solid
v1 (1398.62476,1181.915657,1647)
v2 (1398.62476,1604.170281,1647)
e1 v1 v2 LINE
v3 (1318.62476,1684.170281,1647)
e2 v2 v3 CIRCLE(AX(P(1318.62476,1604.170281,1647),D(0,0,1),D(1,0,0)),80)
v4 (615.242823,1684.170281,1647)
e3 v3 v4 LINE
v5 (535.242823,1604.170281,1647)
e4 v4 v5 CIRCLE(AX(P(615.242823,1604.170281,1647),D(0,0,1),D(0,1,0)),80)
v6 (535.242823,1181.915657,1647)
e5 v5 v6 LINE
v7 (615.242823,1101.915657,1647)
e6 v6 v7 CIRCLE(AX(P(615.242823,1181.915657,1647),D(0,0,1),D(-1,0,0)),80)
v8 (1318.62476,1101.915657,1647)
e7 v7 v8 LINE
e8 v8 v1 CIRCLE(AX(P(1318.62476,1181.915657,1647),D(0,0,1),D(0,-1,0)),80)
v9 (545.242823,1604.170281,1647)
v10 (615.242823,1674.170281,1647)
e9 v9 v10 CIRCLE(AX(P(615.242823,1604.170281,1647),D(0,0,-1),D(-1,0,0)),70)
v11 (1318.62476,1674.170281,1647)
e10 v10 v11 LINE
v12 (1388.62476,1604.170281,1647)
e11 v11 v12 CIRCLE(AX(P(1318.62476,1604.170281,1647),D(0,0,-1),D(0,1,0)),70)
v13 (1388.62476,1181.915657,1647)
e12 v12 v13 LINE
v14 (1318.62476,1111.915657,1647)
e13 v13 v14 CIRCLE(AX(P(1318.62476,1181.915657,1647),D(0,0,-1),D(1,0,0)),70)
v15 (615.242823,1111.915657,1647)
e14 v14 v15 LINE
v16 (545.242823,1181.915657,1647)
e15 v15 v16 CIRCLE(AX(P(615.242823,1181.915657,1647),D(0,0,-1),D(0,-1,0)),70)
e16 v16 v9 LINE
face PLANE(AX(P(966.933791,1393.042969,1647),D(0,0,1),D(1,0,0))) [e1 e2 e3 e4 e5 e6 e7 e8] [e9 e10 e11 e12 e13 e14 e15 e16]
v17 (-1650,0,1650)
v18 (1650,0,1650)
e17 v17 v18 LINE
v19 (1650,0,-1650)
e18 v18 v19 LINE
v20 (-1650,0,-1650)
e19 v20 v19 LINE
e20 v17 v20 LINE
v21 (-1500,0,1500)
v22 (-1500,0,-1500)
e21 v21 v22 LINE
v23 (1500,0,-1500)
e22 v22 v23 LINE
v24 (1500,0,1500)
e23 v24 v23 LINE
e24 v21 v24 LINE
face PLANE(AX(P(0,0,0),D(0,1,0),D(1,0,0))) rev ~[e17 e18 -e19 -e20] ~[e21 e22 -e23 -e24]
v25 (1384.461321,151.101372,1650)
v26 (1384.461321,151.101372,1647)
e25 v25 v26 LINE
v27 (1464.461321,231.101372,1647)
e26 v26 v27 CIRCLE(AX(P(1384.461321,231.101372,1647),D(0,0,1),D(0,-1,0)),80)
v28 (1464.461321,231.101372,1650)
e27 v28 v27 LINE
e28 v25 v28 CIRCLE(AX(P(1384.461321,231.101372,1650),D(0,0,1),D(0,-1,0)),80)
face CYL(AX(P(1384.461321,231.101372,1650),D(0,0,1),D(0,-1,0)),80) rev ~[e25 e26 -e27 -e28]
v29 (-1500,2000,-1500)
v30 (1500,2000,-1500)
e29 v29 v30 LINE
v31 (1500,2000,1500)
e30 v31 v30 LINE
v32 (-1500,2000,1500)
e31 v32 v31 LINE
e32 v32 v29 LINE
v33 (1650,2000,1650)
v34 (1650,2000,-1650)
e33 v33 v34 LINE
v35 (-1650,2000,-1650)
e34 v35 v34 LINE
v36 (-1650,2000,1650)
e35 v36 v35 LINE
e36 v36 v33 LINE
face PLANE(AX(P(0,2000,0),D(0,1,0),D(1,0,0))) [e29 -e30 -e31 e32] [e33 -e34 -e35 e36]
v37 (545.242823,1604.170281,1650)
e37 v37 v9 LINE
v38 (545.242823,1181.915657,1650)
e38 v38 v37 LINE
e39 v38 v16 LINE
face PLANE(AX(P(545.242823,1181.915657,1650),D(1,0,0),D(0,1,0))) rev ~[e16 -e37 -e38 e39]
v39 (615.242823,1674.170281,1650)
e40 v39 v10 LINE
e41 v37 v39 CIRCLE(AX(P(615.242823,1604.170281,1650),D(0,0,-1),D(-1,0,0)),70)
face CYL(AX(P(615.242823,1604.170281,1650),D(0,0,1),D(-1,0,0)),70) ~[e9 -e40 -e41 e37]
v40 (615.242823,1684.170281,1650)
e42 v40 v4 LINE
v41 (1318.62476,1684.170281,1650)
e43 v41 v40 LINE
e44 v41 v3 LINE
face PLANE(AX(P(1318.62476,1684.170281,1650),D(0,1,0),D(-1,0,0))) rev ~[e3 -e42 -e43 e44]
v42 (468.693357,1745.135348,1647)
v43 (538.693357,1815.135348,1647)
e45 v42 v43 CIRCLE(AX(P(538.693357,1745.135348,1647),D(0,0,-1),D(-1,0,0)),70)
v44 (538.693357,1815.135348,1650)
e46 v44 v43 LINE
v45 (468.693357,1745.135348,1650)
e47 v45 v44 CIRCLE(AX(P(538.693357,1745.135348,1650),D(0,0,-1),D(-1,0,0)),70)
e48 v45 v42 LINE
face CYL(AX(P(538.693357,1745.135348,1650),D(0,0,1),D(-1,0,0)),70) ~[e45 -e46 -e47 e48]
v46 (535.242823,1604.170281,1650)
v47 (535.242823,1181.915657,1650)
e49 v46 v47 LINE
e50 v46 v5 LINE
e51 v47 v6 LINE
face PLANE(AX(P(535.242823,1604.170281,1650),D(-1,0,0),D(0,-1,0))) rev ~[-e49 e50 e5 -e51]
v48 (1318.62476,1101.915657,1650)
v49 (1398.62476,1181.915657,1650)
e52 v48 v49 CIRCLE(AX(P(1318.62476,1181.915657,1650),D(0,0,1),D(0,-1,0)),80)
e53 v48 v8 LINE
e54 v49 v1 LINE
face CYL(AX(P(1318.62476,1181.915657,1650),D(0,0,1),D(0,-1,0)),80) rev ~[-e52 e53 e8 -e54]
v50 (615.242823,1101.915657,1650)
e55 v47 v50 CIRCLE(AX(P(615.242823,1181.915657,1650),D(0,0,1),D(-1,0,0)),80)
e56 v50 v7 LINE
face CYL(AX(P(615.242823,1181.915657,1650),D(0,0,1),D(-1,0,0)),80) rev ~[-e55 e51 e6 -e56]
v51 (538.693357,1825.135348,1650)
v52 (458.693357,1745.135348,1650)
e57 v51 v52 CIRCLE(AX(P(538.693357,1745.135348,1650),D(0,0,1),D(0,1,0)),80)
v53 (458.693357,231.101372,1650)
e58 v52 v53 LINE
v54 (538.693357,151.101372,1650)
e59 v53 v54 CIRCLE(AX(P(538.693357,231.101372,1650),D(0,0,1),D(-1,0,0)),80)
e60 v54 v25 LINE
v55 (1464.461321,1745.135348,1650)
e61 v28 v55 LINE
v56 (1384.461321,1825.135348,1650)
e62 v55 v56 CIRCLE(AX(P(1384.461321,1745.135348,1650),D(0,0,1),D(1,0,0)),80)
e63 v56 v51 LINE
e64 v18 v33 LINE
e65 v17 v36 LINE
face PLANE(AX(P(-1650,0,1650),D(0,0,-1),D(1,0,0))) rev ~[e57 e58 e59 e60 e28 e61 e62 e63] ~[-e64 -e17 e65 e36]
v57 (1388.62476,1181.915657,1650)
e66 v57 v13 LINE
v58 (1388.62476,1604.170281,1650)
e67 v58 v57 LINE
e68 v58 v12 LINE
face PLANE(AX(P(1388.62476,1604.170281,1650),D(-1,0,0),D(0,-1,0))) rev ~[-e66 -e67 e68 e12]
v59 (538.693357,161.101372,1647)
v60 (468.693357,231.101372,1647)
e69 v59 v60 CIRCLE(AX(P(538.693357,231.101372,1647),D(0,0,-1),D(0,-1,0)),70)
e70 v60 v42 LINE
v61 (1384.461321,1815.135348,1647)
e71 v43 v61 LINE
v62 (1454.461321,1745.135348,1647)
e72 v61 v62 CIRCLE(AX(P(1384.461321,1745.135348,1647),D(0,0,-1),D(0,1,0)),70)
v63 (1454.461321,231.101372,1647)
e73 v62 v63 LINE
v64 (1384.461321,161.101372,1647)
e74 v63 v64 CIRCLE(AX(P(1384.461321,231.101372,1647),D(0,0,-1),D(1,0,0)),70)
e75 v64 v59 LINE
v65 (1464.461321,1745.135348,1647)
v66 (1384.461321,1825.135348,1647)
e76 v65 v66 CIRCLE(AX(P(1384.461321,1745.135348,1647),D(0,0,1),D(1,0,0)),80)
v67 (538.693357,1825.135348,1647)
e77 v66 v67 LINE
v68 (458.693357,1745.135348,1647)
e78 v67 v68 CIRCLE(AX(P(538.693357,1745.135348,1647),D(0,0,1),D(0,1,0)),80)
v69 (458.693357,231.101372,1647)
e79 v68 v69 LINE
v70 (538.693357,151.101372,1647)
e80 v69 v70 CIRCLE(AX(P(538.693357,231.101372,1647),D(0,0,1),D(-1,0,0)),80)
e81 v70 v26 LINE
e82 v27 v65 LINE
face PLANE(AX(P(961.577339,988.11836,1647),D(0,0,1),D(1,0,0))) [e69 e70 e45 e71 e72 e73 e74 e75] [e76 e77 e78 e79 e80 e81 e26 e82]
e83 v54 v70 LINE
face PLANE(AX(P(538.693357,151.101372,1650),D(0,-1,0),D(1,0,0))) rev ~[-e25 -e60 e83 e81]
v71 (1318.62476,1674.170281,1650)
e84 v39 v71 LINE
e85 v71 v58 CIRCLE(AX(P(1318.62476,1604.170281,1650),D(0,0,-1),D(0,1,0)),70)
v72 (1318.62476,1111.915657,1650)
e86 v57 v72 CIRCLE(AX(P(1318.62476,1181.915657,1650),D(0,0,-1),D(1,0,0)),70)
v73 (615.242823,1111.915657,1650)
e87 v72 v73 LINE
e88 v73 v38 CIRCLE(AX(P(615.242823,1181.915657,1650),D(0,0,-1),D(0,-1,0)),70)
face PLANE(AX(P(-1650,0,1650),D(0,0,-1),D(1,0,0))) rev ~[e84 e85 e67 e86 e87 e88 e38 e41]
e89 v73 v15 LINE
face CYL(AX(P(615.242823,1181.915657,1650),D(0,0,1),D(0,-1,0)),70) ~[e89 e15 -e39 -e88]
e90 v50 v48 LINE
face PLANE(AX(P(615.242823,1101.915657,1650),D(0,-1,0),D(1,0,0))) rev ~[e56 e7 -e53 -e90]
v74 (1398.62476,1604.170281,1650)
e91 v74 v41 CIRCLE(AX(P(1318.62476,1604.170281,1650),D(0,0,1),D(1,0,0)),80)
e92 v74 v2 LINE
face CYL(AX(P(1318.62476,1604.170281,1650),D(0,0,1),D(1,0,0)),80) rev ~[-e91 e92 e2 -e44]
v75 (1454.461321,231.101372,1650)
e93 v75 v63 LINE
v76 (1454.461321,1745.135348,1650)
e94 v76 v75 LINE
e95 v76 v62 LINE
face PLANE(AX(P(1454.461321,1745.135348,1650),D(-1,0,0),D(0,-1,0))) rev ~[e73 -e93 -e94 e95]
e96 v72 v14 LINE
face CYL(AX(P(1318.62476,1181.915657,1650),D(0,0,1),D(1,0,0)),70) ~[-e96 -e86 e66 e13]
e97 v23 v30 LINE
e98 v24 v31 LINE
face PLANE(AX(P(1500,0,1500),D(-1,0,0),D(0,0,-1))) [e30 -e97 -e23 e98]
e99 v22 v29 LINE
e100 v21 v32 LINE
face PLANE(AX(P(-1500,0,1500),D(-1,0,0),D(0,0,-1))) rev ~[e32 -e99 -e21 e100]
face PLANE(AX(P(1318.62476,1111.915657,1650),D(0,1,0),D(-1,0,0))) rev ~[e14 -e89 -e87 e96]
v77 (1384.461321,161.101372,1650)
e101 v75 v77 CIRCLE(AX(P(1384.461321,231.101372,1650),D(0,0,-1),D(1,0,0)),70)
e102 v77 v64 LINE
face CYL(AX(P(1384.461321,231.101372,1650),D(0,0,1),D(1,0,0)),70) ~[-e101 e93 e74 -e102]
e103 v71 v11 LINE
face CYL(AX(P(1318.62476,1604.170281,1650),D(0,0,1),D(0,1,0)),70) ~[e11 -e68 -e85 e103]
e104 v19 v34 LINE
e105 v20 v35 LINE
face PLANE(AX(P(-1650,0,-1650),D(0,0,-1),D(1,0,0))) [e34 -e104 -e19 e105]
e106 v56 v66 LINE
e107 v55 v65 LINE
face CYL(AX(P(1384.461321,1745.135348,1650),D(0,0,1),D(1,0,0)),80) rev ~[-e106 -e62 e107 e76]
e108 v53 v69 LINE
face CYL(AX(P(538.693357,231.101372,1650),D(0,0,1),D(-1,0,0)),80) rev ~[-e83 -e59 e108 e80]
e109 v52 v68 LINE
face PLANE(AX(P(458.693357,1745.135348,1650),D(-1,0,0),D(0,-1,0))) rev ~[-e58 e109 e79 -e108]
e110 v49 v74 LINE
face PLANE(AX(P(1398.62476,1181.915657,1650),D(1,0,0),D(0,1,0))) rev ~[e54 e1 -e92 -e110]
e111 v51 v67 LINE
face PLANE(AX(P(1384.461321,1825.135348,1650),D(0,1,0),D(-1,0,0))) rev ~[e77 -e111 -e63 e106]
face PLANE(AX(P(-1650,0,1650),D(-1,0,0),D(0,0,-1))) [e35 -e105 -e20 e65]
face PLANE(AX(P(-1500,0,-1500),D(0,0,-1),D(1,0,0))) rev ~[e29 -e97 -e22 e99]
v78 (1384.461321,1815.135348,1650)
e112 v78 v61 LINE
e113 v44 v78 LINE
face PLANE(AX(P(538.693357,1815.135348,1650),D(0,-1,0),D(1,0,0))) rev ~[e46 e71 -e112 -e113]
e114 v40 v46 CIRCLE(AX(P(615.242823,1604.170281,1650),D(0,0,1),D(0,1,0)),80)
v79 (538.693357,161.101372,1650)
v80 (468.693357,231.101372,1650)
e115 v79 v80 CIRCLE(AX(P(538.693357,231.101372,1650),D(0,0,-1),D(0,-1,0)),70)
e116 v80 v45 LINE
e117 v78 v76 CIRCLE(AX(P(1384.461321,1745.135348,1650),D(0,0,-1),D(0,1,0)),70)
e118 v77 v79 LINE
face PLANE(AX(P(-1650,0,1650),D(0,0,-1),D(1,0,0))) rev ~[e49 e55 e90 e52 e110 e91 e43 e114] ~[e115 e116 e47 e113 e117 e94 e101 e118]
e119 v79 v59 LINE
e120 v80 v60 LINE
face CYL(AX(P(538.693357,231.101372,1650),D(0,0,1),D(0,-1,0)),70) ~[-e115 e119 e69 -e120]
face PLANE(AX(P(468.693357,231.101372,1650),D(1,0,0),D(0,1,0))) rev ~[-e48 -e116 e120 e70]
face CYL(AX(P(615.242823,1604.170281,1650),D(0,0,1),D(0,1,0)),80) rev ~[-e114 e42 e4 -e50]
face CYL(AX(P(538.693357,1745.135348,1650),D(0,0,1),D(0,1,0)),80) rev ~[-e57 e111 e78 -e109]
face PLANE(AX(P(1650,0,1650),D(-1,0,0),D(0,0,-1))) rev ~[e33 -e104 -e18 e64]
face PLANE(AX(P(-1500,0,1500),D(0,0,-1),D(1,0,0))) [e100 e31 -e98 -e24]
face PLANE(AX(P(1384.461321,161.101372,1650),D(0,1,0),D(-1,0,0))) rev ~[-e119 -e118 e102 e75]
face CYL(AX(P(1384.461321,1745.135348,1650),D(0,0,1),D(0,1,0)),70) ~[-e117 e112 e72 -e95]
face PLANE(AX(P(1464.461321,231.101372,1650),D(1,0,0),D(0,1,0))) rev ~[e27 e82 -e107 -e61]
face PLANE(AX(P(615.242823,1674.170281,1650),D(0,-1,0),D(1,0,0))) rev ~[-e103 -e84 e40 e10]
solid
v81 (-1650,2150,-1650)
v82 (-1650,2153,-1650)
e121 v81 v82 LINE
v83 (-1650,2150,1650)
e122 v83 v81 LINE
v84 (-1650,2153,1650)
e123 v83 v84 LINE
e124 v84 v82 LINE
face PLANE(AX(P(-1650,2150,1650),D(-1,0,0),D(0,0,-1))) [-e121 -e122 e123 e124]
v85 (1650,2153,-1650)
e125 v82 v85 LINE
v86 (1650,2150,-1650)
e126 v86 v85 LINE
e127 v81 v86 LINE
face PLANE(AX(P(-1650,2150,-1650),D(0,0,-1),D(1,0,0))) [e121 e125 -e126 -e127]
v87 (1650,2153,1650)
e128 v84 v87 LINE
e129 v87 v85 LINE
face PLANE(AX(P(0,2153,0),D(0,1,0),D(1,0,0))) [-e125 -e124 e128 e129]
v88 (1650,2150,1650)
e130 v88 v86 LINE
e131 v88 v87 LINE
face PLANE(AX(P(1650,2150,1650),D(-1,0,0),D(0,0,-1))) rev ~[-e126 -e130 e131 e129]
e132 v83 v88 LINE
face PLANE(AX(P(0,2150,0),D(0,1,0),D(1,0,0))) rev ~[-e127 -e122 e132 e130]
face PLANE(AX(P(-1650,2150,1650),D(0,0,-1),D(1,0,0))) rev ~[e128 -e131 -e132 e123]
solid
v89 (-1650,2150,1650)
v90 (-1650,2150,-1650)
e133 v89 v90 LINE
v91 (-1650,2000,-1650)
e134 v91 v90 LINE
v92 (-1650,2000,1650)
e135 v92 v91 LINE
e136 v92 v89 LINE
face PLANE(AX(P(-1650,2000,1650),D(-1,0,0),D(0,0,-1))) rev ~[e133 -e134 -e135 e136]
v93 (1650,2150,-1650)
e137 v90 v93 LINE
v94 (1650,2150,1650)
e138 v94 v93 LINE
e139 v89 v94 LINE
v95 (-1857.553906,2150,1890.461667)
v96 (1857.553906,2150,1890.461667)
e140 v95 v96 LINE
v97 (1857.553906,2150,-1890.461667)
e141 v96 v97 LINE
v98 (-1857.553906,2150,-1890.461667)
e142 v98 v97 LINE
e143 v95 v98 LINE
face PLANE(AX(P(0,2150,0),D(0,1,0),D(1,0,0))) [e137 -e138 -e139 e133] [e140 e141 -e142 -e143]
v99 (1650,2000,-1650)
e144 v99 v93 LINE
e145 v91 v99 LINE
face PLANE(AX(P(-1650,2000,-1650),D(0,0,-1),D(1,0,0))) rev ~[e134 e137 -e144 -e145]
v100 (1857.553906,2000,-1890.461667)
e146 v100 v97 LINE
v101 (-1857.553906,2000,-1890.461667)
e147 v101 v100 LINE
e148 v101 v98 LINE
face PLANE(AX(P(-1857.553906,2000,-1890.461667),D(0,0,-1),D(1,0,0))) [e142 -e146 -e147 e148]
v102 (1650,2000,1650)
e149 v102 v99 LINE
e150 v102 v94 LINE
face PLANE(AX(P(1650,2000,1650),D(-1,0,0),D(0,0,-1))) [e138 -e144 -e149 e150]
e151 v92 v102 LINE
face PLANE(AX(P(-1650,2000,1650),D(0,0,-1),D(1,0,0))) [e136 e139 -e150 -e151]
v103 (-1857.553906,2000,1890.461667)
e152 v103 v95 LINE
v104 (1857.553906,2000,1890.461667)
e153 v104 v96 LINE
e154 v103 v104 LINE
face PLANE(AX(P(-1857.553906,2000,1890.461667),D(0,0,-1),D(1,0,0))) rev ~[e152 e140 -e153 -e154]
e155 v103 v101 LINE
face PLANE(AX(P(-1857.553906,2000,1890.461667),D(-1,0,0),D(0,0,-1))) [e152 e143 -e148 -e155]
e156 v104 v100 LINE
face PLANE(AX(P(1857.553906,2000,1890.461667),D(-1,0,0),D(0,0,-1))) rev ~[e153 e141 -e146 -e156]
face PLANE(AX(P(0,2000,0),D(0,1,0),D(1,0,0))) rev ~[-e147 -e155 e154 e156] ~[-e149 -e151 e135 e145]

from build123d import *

# Parameters (mm, degrees)
CROQUIS1_W              = 3300
CROQUIS1_H              = 3300
CROQUIS1_W_2            = 3000
CROQUIS1_H_2            = 3000
SALIENTE_EXTRUIR1_DEPTH = 2000
CROQUIS2_W              = 3715.107812374
CROQUIS2_H              = 3780.923334612
CROQUIS2_W_2            = 3300
CROQUIS2_H_2            = 3300
SALIENTE_EXTRUIR2_DEPTH = 150
CORTAR_EXTRUIR1_DEPTH   = 3
CORTAR_EXTRUIR2_DEPTH   = 3
CROQUIS5_W              = 3300
CROQUIS5_H              = 3300
SALIENTE_EXTRUIR3_DEPTH = 3


with BuildPart() as part:
    # Croquis1 → Saliente-Extruir1 (new body)
    with BuildSketch(Plane(origin=(0, 0, 0), x_dir=(1, 0, 0), z_dir=(0, 1, 0))):
        Rectangle(CROQUIS1_W, CROQUIS1_H)
        Rectangle(CROQUIS1_W_2, CROQUIS1_H_2, mode=Mode.SUBTRACT)
    extrude(amount=SALIENTE_EXTRUIR1_DEPTH)

    # Croquis3 → Cortar-Extruir1 (cut)
    with BuildSketch(Plane.XY.offset(1650)):
        with BuildLine():
            Line((458.693356997, 1745.135347933), (458.693356997, 231.101371952))
            ThreePointArc((458.693356997, 231.101371952), (482.124814502, 174.532829457), (538.693356997, 151.101371952))
            Line((538.693356997, 151.101371952), (1384.461320744, 151.101371952))
            ThreePointArc((1384.461320744, 151.101371952), (1441.029863239, 174.532829457), (1464.461320744, 231.101371952))
            Line((1464.461320744, 231.101371952), (1464.461320744, 1745.135347933))
            ThreePointArc((1464.461320744, 1745.135347933), (1441.029863239, 1801.703890428), (1384.461320744, 1825.135347933))
            Line((1384.461320744, 1825.135347933), (538.693356997, 1825.135347933))
            ThreePointArc((538.693356997, 1825.135347933), (482.124814502, 1801.703890428), (458.693356997, 1745.135347933))
        make_face()
        with BuildLine():
            Line((538.693356997, 1815.135347933), (1384.461320744, 1815.135347933))
            ThreePointArc((1384.461320744, 1815.135347933), (1433.958795427, 1794.632822616), (1454.461320744, 1745.135347933))
            Line((1454.461320744, 1745.135347933), (1454.461320744, 231.101371952))
            ThreePointArc((1454.461320744, 231.101371952), (1433.958795427, 181.603897269), (1384.461320744, 161.101371952))
            Line((1384.461320744, 161.101371952), (538.693356997, 161.101371952))
            ThreePointArc((538.693356997, 161.101371952), (489.195882313, 181.603897269), (468.693356997, 231.101371952))
            Line((468.693356997, 231.101371952), (468.693356997, 1745.135347933))
            ThreePointArc((468.693356997, 1745.135347933), (489.195882313, 1794.632822616), (538.693356997, 1815.135347933))
        make_face(mode=Mode.SUBTRACT)
    extrude(amount=-CORTAR_EXTRUIR1_DEPTH, mode=Mode.SUBTRACT)

    # Croquis4 → Cortar-Extruir2 (cut)
    with BuildSketch(Plane.XY.offset(1650)):
        with BuildLine():
            Line((535.242823134, 1604.170281482), (535.242823134, 1181.915657145))
            ThreePointArc((535.242823134, 1181.915657145), (558.674280639, 1125.34711465), (615.242823134, 1101.915657145))
            Line((615.242823134, 1101.915657145), (1318.624759638, 1101.915657145))
            ThreePointArc((1318.624759638, 1101.915657145), (1375.193302133, 1125.34711465), (1398.624759638, 1181.915657145))
            Line((1398.624759638, 1181.915657145), (1398.624759638, 1604.170281482))
            ThreePointArc((1398.624759638, 1604.170281482), (1375.193302133, 1660.738823977), (1318.624759638, 1684.170281482))
            Line((1318.624759638, 1684.170281482), (615.242823134, 1684.170281482))
            ThreePointArc((615.242823134, 1684.170281482), (558.674280639, 1660.738823977), (535.242823134, 1604.170281482))
        make_face()
        with BuildLine():
            Line((615.242823134, 1674.170281482), (1318.624759638, 1674.170281482))
            ThreePointArc((1318.624759638, 1674.170281482), (1368.122234322, 1653.667756165), (1388.624759638, 1604.170281482))
            Line((1388.624759638, 1604.170281482), (1388.624759638, 1181.915657145))
            ThreePointArc((1388.624759638, 1181.915657145), (1368.122234322, 1132.418182462), (1318.624759638, 1111.915657145))
            Line((1318.624759638, 1111.915657145), (615.242823134, 1111.915657145))
            ThreePointArc((615.242823134, 1111.915657145), (565.74534845, 1132.418182462), (545.242823134, 1181.915657145))
            Line((545.242823134, 1181.915657145), (545.242823134, 1604.170281482))
            ThreePointArc((545.242823134, 1604.170281482), (565.74534845, 1653.667756165), (615.242823134, 1674.170281482))
        make_face(mode=Mode.SUBTRACT)
    extrude(amount=-CORTAR_EXTRUIR2_DEPTH, mode=Mode.SUBTRACT)


with BuildPart() as body_2:
    # Croquis2 → Saliente-Extruir2 (new body)
    with BuildSketch(Plane(origin=(0, 2000, 0), x_dir=(1, 0, 0), z_dir=(0, 1, 0))):
        Rectangle(CROQUIS2_W, CROQUIS2_H)
        Rectangle(CROQUIS2_W_2, CROQUIS2_H_2, mode=Mode.SUBTRACT)
    extrude(amount=SALIENTE_EXTRUIR2_DEPTH)


with BuildPart() as body_3:
    # Croquis5 → Saliente-Extruir3 (new body)
    with BuildSketch(Plane(origin=(0, 2150, 0), x_dir=(1, 0, 0), z_dir=(0, 1, 0))):
        Rectangle(CROQUIS5_W, CROQUIS5_H)
    extrude(amount=SALIENTE_EXTRUIR3_DEPTH)


solid = Compound([part.part, body_2.part, body_3.part])
